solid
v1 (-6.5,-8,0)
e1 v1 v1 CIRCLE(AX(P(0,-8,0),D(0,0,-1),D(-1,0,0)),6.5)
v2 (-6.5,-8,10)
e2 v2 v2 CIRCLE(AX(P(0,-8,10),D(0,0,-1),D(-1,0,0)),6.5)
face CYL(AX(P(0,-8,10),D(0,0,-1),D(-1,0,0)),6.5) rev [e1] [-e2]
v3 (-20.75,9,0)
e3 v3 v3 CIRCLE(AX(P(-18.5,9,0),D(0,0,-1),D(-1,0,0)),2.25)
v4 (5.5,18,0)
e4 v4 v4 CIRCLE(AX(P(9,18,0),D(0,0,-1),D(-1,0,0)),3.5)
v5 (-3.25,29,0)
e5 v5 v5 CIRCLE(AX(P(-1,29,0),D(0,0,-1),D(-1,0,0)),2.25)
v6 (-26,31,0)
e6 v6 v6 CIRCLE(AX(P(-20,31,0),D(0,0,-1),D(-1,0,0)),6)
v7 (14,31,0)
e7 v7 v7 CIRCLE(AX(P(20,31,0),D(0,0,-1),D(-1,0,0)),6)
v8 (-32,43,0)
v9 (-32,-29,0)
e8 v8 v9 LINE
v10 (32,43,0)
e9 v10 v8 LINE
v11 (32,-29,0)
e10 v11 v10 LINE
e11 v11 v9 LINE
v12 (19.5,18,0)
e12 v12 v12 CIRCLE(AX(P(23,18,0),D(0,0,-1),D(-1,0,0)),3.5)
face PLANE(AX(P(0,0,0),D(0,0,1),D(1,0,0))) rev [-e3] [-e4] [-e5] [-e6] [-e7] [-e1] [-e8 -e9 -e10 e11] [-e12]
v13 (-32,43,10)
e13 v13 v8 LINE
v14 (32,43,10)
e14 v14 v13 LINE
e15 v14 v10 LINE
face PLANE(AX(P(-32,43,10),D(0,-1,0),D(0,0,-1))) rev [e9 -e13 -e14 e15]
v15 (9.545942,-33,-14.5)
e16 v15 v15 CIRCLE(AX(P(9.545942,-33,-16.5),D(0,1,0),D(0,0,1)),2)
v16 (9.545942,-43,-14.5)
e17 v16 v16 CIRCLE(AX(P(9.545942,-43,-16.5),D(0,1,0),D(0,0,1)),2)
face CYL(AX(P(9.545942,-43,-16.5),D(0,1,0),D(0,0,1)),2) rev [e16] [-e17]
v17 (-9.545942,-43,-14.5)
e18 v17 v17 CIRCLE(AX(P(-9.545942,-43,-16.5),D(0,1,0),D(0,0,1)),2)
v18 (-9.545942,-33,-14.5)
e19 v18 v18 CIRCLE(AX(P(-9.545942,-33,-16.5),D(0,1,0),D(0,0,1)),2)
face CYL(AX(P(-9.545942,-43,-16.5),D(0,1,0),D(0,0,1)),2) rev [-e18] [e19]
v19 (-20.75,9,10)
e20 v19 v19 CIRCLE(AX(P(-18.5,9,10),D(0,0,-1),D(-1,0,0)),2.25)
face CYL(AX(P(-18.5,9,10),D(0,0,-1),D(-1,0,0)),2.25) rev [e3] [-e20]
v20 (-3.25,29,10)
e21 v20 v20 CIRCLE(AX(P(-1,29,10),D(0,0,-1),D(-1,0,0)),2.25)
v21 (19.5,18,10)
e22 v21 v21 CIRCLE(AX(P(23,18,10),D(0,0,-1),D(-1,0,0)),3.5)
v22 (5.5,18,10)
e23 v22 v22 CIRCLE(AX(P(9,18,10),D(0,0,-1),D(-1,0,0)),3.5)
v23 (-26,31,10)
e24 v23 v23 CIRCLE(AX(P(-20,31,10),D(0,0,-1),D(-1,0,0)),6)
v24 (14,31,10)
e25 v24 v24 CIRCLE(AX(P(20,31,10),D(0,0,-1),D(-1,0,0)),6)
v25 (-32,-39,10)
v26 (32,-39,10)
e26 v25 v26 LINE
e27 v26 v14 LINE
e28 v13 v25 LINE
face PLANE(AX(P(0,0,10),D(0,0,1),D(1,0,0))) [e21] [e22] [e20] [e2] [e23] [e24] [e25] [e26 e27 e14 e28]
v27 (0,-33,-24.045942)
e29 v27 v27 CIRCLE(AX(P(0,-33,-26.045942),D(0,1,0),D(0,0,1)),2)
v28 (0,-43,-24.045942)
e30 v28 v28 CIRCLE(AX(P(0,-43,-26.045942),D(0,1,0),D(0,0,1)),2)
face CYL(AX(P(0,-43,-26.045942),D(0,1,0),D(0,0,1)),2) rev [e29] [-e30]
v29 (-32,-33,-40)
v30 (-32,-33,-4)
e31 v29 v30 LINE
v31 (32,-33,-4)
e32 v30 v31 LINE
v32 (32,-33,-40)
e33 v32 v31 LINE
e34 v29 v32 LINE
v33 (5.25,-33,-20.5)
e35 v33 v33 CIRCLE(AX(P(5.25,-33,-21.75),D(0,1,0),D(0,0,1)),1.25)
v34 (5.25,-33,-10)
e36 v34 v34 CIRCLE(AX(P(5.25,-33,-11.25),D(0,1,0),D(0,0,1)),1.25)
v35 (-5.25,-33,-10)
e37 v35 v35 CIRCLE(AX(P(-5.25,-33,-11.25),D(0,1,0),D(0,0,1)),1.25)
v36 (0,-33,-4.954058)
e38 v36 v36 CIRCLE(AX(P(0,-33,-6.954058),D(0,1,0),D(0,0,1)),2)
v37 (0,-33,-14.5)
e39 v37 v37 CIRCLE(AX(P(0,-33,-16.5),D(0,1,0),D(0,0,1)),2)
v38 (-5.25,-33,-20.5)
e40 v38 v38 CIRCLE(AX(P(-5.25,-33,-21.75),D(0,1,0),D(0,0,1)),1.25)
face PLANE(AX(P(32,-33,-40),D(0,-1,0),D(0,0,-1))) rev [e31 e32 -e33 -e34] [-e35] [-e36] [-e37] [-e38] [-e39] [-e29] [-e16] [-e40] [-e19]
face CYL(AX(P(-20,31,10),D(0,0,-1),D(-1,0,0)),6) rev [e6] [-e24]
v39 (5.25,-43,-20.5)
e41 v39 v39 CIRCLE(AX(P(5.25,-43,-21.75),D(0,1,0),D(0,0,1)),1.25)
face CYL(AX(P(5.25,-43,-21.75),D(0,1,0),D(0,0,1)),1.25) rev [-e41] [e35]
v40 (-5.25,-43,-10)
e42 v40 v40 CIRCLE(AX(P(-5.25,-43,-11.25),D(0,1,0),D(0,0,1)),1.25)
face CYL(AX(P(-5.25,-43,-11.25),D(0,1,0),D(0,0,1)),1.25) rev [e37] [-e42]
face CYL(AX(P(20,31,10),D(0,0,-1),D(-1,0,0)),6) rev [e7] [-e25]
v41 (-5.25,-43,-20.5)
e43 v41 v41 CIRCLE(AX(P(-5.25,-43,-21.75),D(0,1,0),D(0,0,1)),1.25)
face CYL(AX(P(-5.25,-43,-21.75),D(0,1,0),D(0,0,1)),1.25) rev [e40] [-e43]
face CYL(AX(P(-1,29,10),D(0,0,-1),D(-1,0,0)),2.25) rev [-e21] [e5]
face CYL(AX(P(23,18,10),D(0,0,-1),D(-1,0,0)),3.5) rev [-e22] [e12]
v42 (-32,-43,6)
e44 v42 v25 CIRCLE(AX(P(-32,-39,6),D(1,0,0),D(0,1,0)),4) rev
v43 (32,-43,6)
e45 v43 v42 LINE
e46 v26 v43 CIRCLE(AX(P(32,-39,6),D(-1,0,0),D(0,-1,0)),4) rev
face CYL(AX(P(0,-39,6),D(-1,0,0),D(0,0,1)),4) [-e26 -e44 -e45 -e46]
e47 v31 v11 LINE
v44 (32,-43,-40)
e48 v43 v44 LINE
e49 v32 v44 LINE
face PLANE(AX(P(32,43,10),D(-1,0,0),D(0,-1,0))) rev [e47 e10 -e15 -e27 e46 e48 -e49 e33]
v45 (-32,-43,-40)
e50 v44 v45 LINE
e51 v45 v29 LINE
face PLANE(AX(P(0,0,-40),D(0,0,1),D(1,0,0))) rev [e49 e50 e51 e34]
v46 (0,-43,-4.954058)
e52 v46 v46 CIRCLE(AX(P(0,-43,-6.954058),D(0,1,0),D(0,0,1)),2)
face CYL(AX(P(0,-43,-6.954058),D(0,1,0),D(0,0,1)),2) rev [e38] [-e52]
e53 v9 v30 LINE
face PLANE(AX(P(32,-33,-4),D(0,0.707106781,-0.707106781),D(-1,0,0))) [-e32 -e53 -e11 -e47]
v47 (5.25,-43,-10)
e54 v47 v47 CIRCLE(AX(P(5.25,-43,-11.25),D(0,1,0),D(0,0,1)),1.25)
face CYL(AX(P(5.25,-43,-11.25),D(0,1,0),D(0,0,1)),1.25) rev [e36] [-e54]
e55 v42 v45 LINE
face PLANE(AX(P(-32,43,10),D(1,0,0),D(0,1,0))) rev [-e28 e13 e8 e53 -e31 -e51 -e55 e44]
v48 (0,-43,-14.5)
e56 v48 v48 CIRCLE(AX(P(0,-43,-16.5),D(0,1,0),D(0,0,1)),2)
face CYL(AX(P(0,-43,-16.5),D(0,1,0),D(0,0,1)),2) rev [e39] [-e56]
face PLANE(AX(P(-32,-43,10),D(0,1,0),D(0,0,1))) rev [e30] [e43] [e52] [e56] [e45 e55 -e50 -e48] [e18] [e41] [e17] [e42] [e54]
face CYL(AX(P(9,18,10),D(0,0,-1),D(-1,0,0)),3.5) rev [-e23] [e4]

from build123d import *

# Parameters (mm, degrees)
SKETCH1_W           = 64
SKETCH1_H           = 86
BOSS_EXTRUDE1_DEPTH = 10
SKETCH2_W           = 64
SKETCH2_H           = 10
BOSS_EXTRUDE2_DEPTH = 40
SKETCH4_R           = 6
SKETCH4_R_2         = 2.25
SKETCH4_R_3         = 3.5
SKETCH4_R_4         = 6.5
CUT_EXTRUDE1_DEPTH  = 11
SKETCH6_R           = 2
SKETCH6_R_2         = 1.25
CUT_EXTRUDE2_DEPTH  = 11
CHAMFER1_SIZE       = 4
FILLET1_R           = 4


with BuildPart() as part:
    # Sketch1 → Boss-Extrude1 (new body)
    with BuildSketch(Plane.XY):
        Rectangle(SKETCH1_W, SKETCH1_H)
    extrude(amount=BOSS_EXTRUDE1_DEPTH)

    # Sketch2 → Boss-Extrude2 (add)
    with BuildSketch(Plane(origin=(0, 0, 0), x_dir=(-1, 0, 0), z_dir=(0, 0, -1))):
        with Locations((0, -38)):
            Rectangle(SKETCH2_W, SKETCH2_H)
    extrude(amount=BOSS_EXTRUDE2_DEPTH)

    # Sketch4 → Cut-Extrude1 (cut, through all)
    with BuildSketch(Plane(origin=(0, 0, 0), x_dir=(-1, 0, 0), z_dir=(0, 0, -1))):
        with Locations((20, 31)):
            Circle(SKETCH4_R)
        with Locations((1, 29)):
            Circle(SKETCH4_R_2)
        with Locations((-20, 31)):
            Circle(SKETCH4_R)
        with Locations((-9, 18)):
            Circle(SKETCH4_R_3)
        with Locations((-23, 18)):
            Circle(SKETCH4_R_3)
        with Locations((18.5, 9)):
            Circle(SKETCH4_R_2)
        with Locations((0, -8)):
            Circle(SKETCH4_R_4)
    extrude(amount=-CUT_EXTRUDE1_DEPTH, mode=Mode.SUBTRACT)

    # Sketch6 → Cut-Extrude2 (cut, through all)
    with BuildSketch(Plane(origin=(0, -33, 0), x_dir=(1, 0, 0), z_dir=(0, 1, 0))):
        with Locations((0, 16.5)):
            Circle(SKETCH6_R)
        with Locations((5.25, 21.75)):
            Circle(SKETCH6_R_2)
        with Locations((5.25, 11.25)):
            Circle(SKETCH6_R_2)
        with Locations((-5.25, 11.25)):
            Circle(SKETCH6_R_2)
        with Locations((-5.25, 21.75)):
            Circle(SKETCH6_R_2)
        with Locations((-9.545941546, 16.5)):
            Circle(SKETCH6_R)
        with Locations((0, 6.954058454)):
            Circle(SKETCH6_R)
        with Locations((9.545941546, 16.5)):
            Circle(SKETCH6_R)
        with Locations((0, 26.045941546)):
            Circle(SKETCH6_R)
    extrude(amount=-CUT_EXTRUDE2_DEPTH, mode=Mode.SUBTRACT)

    # Chamfer1
    chamfer1_edges = [part.edges().sort_by_distance(p)[0] for p in [
        (0, -33, 0),
    ]]
    chamfer(chamfer1_edges, length=CHAMFER1_SIZE)

    # Fillet1
    fillet1_edges = [part.edges().sort_by_distance(p)[0] for p in [
        (0, -43, 10),
    ]]
    fillet(fillet1_edges, radius=FILLET1_R)


solid = part.part
